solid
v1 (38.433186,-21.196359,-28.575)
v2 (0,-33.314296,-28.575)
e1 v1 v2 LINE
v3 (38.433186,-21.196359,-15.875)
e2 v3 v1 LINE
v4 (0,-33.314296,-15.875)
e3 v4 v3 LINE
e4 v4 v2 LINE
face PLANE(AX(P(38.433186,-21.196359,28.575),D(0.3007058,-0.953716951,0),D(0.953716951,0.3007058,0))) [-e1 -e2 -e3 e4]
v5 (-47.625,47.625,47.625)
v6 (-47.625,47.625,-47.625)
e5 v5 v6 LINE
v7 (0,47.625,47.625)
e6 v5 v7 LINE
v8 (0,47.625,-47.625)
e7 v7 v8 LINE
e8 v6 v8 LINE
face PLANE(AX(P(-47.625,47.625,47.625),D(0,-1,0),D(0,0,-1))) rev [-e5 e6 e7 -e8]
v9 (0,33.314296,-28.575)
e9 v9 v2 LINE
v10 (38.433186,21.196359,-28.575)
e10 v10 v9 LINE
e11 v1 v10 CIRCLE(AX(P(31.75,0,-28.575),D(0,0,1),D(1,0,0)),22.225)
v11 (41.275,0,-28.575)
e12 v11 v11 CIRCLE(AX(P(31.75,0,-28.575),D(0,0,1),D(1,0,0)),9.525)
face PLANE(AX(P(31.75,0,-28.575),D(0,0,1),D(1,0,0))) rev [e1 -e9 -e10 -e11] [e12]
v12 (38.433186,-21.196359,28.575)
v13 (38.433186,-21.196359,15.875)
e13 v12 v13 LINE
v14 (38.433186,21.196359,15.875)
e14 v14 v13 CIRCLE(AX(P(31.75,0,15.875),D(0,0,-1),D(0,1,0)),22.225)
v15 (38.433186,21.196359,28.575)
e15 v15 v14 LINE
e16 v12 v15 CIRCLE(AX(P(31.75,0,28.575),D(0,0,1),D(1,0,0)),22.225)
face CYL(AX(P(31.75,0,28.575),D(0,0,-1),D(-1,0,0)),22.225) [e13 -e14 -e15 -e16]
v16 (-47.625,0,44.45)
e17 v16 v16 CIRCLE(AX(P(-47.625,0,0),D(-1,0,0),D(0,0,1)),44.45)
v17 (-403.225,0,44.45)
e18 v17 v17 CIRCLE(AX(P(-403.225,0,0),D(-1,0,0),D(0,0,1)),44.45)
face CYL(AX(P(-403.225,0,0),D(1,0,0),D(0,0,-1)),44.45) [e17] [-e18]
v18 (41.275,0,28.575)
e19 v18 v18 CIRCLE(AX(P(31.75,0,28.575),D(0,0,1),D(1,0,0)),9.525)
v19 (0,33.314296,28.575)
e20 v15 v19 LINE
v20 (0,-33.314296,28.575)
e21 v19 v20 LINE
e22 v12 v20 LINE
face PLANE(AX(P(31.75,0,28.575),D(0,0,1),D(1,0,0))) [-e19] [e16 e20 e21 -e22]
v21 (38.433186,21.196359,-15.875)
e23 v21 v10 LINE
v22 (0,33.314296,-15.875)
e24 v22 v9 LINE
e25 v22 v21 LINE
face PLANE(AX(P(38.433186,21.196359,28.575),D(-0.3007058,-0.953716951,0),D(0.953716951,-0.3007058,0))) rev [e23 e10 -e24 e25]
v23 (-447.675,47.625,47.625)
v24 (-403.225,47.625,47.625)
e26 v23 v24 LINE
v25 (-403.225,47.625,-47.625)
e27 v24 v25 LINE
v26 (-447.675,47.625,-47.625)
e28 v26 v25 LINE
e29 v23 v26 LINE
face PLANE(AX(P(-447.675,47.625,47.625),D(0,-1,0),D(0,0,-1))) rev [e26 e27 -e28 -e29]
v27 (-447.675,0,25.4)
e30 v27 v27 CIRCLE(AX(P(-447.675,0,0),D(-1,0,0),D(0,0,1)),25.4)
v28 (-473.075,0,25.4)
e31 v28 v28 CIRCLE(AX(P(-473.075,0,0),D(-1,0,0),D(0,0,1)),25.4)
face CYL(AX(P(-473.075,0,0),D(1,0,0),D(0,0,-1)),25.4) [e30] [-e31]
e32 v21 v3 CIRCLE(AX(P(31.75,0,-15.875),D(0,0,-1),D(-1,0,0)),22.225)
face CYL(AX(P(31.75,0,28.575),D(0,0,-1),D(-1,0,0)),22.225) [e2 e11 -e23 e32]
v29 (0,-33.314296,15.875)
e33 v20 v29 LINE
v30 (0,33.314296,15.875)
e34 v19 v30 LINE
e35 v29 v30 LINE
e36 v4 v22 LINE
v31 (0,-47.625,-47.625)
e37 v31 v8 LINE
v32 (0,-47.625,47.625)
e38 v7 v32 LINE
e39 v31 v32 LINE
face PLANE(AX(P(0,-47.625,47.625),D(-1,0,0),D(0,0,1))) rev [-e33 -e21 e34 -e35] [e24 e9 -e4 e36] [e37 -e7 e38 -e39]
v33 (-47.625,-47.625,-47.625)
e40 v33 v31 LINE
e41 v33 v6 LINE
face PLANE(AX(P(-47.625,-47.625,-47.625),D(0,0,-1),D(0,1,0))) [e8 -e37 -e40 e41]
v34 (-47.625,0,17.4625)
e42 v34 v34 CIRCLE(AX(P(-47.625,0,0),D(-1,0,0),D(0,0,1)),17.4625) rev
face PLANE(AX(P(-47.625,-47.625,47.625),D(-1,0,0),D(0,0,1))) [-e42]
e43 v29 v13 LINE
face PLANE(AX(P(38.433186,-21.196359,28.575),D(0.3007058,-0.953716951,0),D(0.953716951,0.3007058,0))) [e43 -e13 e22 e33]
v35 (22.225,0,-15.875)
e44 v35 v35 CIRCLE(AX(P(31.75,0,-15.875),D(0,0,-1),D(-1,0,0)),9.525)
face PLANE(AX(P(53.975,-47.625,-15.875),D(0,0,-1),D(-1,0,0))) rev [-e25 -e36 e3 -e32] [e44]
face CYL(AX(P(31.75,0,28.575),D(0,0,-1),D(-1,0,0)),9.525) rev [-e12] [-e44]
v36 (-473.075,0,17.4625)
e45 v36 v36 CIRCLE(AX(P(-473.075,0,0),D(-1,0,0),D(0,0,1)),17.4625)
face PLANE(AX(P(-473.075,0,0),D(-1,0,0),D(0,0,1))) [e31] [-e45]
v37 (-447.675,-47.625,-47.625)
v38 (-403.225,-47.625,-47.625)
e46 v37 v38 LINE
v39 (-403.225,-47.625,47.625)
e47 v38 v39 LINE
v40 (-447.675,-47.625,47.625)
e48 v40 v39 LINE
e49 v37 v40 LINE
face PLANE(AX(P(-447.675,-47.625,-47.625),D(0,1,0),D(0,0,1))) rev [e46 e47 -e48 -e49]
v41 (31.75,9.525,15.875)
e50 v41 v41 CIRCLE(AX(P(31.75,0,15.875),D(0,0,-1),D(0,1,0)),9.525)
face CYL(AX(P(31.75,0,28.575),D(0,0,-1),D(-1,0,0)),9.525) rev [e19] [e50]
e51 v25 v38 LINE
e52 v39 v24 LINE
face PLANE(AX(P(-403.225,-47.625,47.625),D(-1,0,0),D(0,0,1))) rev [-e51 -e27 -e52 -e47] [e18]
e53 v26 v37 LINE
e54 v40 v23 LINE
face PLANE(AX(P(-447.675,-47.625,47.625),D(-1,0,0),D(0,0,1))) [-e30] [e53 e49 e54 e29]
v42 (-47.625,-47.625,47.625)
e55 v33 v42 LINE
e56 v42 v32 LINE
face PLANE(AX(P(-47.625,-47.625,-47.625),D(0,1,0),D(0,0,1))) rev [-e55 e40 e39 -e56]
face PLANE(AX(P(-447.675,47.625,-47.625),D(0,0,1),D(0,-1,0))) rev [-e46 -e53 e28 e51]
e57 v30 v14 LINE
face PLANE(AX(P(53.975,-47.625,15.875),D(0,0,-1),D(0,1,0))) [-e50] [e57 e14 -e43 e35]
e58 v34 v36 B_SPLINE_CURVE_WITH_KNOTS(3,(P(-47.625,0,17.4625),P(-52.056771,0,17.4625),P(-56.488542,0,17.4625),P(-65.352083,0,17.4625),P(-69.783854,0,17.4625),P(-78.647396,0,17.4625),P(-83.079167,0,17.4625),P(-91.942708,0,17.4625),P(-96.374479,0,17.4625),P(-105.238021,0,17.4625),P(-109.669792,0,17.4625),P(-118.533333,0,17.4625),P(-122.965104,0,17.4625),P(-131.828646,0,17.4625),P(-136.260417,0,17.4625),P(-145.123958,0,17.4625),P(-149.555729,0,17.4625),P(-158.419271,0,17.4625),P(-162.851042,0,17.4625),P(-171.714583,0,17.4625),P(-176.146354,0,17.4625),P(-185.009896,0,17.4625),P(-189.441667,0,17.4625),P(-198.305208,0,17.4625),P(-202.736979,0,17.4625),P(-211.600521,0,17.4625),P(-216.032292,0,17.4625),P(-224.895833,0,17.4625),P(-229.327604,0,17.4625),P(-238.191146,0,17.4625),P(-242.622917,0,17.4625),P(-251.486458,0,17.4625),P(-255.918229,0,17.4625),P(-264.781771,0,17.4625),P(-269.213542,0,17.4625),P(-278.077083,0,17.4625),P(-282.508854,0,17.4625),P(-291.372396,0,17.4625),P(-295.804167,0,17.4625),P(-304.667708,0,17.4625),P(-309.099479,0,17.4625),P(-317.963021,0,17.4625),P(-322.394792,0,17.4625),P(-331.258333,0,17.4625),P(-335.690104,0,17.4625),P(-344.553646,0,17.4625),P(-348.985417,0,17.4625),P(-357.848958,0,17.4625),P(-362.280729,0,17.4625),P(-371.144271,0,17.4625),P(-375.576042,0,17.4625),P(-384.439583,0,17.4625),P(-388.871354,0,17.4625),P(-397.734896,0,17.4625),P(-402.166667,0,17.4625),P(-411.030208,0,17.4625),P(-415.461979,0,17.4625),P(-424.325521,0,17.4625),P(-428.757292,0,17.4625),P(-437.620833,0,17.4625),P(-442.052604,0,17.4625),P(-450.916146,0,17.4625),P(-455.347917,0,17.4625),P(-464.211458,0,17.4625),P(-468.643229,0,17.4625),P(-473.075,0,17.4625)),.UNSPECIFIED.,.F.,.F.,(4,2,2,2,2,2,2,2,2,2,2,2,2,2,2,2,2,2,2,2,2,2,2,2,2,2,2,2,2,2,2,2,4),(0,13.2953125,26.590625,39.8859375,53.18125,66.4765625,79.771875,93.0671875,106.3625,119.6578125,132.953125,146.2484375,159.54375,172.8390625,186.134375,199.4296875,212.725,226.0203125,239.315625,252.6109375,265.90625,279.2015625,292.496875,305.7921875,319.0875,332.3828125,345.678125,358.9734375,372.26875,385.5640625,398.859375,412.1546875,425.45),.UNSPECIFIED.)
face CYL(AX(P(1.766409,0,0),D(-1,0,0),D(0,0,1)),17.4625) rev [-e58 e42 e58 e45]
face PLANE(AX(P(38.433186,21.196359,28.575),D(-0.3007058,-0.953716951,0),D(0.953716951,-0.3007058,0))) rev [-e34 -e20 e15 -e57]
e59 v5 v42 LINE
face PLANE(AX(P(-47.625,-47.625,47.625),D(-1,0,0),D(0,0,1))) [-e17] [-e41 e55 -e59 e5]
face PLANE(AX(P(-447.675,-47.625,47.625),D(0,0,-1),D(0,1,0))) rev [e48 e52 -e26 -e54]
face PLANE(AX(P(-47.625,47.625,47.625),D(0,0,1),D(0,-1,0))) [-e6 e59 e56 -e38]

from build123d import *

# Parameters (mm, degrees)
SKETCH1_W           = 95.25
SKETCH1_H           = 95.25
BASE_EXTRUDE_DEPTH  = 47.625
SKETCH2_R           = 44.45
BOSS_EXTRUDE1_DEPTH = 355.6
SKETCH3_W           = 95.25
SKETCH3_H           = 95.25
BOSS_EXTRUDE2_DEPTH = 44.45
SKETCH4_R           = 25.4
BOSS_EXTRUDE3_DEPTH = 25.4
CUT_EXTRUDE1_START  = -425.45
SKETCH5_R           = 17.4625
CUT_EXTRUDE1_DEPTH  = 425.45
SKETCH6_R           = 9.525
BOSS_EXTRUDE4_DEPTH = 28.575
SKETCH7_W           = 53.975
SKETCH7_H           = 31.75
CUT_EXTRUDE2_DEPTH  = 485.913042462


with BuildPart() as part:
    # Sketch1 → Base-Extrude (new body)
    with BuildSketch(Plane(origin=(0, 0, 0), x_dir=(0, 0, -1), z_dir=(1, 0, 0))):
        Rectangle(SKETCH1_W, SKETCH1_H)
    extrude(amount=-BASE_EXTRUDE_DEPTH)

    # Sketch2 → Boss-Extrude1 (add)
    with BuildSketch(Plane.ZY.offset(47.625)):
        Circle(SKETCH2_R)
    extrude(amount=BOSS_EXTRUDE1_DEPTH)

    # Sketch3 → Boss-Extrude2 (add)
    with BuildSketch(Plane.ZY.offset(403.225)):
        Rectangle(SKETCH3_W, SKETCH3_H)
    extrude(amount=BOSS_EXTRUDE2_DEPTH)

    # Sketch4 → Boss-Extrude3 (add)
    with BuildSketch(Plane.ZY.offset(447.675)):
        Circle(SKETCH4_R)
    extrude(amount=BOSS_EXTRUDE3_DEPTH)

    # Sketch5 → Cut-Extrude1 (cut)
    with BuildSketch(Plane.ZY.offset(473.075).offset(CUT_EXTRUDE1_START)):
        Circle(SKETCH5_R)
    extrude(amount=CUT_EXTRUDE1_DEPTH, mode=Mode.SUBTRACT)

    # Sketch6 → Boss-Extrude4 (add, symmetric)
    with BuildSketch(Plane.XY):
        with BuildLine():
            Line((38.433186394, 21.19635923), (0, 33.314296353))
            Line((0, 33.314296353), (0, -33.314296353))
            Line((0, -33.314296353), (38.433186394, -21.19635923))
            ThreePointArc((38.433186394, -21.19635923), (53.975, 0), (38.433186394, 21.19635923))
        make_face()
        with Locations((31.75, 0)):
            Circle(SKETCH6_R, mode=Mode.SUBTRACT)
    extrude(amount=BOSS_EXTRUDE4_DEPTH, both=True)

    # Sketch7 → Cut-Extrude2 (cut, through all)
    with BuildSketch(Plane(origin=(0, 47.625, 0), x_dir=(-1, 0, 0), z_dir=(0, 1, 0))):
        with Locations((-26.9875, 0)):
            Rectangle(SKETCH7_W, SKETCH7_H)
    extrude(amount=-CUT_EXTRUDE2_DEPTH, mode=Mode.SUBTRACT)


solid = part.part
